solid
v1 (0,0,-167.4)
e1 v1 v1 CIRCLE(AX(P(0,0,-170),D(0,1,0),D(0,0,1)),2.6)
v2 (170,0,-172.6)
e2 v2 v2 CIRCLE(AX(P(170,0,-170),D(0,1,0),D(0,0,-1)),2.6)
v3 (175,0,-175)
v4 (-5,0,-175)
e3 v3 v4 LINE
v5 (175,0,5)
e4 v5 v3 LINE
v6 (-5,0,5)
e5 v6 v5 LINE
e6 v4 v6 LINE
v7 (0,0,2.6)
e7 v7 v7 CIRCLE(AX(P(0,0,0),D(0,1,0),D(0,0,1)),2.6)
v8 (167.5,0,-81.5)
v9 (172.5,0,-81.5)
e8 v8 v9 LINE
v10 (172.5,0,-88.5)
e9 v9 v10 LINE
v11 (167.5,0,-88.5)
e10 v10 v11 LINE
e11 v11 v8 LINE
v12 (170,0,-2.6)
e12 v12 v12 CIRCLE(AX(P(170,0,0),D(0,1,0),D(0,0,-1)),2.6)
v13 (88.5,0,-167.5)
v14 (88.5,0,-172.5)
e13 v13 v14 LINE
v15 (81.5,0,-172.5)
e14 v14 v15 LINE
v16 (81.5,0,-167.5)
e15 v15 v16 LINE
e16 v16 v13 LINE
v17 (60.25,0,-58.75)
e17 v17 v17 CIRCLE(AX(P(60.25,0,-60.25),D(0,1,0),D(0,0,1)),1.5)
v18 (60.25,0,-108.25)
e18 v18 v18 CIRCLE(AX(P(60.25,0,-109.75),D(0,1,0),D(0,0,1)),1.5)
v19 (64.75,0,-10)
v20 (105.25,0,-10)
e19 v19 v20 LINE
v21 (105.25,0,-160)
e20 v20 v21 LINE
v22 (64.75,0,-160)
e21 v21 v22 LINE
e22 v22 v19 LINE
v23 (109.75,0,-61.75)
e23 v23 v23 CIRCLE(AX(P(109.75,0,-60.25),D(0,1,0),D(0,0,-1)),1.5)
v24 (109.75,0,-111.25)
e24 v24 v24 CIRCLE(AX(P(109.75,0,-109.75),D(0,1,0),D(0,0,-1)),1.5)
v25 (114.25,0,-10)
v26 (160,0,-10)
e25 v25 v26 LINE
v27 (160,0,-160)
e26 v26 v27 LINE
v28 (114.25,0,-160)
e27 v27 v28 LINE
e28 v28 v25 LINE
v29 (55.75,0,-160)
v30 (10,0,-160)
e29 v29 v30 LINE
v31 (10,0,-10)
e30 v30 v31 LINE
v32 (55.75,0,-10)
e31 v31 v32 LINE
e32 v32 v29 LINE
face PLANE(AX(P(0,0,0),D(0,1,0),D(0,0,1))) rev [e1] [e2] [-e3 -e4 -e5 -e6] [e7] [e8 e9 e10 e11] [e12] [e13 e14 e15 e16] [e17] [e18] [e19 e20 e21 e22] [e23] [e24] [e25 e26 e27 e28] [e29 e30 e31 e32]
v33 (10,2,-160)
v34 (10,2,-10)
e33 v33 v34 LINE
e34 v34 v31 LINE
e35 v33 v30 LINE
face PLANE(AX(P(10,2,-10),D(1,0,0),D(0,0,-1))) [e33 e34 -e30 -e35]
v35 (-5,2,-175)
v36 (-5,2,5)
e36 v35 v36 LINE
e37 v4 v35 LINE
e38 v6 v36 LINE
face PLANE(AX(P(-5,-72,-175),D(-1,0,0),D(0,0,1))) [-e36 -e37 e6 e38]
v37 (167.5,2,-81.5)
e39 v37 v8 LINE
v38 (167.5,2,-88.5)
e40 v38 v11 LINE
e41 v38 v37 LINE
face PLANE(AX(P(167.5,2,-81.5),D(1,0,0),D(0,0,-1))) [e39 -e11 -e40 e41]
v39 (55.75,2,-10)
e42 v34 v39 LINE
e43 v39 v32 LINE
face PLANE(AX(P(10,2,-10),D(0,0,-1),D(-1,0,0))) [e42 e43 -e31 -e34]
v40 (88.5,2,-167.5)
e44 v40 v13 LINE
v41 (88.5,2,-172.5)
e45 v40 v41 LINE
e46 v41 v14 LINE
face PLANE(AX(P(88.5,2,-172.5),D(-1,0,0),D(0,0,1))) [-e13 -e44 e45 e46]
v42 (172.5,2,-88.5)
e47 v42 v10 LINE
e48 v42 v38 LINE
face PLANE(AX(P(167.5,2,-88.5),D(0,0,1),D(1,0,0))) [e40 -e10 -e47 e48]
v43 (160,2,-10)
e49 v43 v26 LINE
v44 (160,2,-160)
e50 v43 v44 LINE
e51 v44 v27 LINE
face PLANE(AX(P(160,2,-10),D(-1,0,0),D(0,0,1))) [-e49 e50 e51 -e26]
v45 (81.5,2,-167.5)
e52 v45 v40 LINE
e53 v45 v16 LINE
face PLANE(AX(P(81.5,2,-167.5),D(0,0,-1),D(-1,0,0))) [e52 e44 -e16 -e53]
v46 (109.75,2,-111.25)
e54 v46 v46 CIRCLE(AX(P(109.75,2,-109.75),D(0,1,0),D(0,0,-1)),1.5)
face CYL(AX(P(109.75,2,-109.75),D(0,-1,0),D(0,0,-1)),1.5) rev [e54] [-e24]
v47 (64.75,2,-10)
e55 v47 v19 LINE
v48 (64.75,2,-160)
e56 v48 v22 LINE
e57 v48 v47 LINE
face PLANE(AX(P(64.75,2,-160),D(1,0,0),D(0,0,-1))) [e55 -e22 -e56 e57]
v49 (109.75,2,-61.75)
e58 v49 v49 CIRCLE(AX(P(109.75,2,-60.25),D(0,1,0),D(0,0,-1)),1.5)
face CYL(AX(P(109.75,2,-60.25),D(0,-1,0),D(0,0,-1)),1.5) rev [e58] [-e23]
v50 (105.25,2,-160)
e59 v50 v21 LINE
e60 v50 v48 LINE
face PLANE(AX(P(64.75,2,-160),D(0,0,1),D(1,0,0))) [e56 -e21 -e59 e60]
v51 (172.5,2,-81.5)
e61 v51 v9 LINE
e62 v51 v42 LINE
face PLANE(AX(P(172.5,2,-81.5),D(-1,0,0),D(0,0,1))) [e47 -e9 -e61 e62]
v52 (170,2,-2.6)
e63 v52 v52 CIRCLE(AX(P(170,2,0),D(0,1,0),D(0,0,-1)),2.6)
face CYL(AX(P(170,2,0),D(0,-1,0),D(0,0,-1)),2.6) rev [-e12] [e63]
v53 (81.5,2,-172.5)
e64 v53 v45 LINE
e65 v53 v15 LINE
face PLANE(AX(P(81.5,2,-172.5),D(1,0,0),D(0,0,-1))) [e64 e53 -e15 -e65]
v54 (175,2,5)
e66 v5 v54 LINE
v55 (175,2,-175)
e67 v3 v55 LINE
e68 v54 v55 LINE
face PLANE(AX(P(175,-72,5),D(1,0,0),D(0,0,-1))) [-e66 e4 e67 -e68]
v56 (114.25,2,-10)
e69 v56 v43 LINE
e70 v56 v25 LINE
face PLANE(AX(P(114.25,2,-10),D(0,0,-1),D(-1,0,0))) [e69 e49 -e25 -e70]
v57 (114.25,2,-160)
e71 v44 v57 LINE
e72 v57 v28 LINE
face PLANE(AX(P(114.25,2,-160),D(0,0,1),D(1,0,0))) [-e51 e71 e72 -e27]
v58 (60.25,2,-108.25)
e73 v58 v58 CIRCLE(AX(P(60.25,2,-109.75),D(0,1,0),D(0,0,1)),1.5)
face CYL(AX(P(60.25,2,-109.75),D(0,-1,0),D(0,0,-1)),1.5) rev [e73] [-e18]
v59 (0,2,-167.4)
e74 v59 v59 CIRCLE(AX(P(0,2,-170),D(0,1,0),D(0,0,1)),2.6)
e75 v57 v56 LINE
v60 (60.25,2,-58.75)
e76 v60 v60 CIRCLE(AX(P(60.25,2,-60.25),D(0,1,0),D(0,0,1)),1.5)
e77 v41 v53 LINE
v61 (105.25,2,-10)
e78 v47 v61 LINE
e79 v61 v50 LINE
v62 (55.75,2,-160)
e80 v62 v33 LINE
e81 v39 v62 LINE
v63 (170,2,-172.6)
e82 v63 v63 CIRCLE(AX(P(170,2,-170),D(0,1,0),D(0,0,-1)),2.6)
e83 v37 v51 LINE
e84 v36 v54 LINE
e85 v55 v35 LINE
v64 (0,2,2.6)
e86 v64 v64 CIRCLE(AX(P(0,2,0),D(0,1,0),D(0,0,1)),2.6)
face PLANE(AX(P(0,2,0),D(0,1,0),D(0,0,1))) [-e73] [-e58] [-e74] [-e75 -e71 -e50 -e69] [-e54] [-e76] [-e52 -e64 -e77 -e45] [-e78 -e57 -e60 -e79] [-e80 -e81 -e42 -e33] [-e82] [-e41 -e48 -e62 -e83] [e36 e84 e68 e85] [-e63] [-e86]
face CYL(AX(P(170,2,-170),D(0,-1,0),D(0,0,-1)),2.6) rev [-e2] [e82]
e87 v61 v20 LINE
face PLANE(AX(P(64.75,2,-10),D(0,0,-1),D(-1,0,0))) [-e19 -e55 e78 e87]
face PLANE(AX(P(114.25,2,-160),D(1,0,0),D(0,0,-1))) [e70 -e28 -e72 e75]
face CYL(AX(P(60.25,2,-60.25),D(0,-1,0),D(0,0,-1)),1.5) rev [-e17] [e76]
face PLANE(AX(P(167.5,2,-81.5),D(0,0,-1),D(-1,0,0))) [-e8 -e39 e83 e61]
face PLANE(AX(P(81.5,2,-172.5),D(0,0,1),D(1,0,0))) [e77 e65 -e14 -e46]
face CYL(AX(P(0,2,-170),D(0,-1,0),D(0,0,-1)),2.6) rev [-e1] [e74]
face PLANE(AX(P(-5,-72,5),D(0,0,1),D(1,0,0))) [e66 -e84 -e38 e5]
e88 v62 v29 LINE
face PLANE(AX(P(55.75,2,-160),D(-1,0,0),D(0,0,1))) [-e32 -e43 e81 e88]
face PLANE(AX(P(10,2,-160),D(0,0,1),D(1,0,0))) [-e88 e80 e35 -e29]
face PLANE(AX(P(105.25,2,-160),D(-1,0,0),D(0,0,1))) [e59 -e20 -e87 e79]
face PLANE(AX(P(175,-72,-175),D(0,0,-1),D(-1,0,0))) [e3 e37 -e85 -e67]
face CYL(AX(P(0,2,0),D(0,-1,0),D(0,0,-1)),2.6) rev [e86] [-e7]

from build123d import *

# Parameters (mm, degrees)
CROQUIS1_W              = 190
CROQUIS1_H              = 190
CROQUIS1_R              = 1.5
CROQUIS1_R_2            = 2.6
CROQUIS1_W_2            = 45.75
CROQUIS1_H_2            = 150
CROQUIS1_W_3            = 40.5
CROQUIS1_W_4            = 5
CROQUIS1_H_3            = 7
CROQUIS1_W_5            = 7
CROQUIS1_H_4            = 5
SALIENTE_EXTRUIR1_DEPTH = 2
CROQUIS2_W              = 190
CROQUIS2_H              = 190
CROQUIS2_W_2            = 180
CROQUIS2_H_2            = 180
CORTAR_EXTRUIR1_DEPTH   = 74


with BuildPart() as part:
    # Croquis1 → Saliente-Extruir1 (new body)
    with BuildSketch(Plane(origin=(0, 0, 0), x_dir=(1, 0, 0), z_dir=(0, 1, 0))):
        with Locations((85, 85)):
            Rectangle(CROQUIS1_W, CROQUIS1_H)
        with Locations(Location((60.25, 109.75, 0), (0, 0, 270))):
            Circle(CROQUIS1_R, mode=Mode.SUBTRACT)
        with Locations(Location((60.25, 60.25, 0), (0, 0, 270))):
            Circle(CROQUIS1_R, mode=Mode.SUBTRACT)
        with Locations(Location((0, 170, 0), (0, 0, 270))):
            Circle(CROQUIS1_R_2, mode=Mode.SUBTRACT)
        with Locations(Location((0, 0, 0), (0, 0, 270))):
            Circle(CROQUIS1_R_2, mode=Mode.SUBTRACT)
        with Locations(Location((109.75, 109.75, 0), (0, 0, 90))):
            Circle(CROQUIS1_R, mode=Mode.SUBTRACT)
        with Locations(Location((109.75, 60.25, 0), (0, 0, 90))):
            Circle(CROQUIS1_R, mode=Mode.SUBTRACT)
        with Locations(Location((170, 0, 0), (0, 0, 90))):
            Circle(CROQUIS1_R_2, mode=Mode.SUBTRACT)
        with Locations(Location((170, 170, 0), (0, 0, 90))):
            Circle(CROQUIS1_R_2, mode=Mode.SUBTRACT)
        with Locations((32.875, 85)):
            Rectangle(CROQUIS1_W_2, CROQUIS1_H_2, mode=Mode.SUBTRACT)
        with Locations((137.125, 85)):
            Rectangle(CROQUIS1_W_2, CROQUIS1_H_2, mode=Mode.SUBTRACT)
        with Locations((85, 85)):
            Rectangle(CROQUIS1_W_3, CROQUIS1_H_2, mode=Mode.SUBTRACT)
        with Locations((170, 85)):
            Rectangle(CROQUIS1_W_4, CROQUIS1_H_3, mode=Mode.SUBTRACT)
        with Locations((85, 170)):
            Rectangle(CROQUIS1_W_5, CROQUIS1_H_4, mode=Mode.SUBTRACT)
    extrude(amount=SALIENTE_EXTRUIR1_DEPTH)

    # Croquis2 → Cortar-Extruir1 (cut)
    with BuildSketch(Plane(origin=(0, 2, 0), x_dir=(1, 0, 0), z_dir=(0, 1, 0))):
        with Locations((85, 85)):
            Rectangle(CROQUIS2_W, CROQUIS2_H)
        with Locations((85, 85)):
            Rectangle(CROQUIS2_W_2, CROQUIS2_H_2, mode=Mode.SUBTRACT)
    extrude(amount=-CORTAR_EXTRUIR1_DEPTH, mode=Mode.SUBTRACT)


solid = part.part
